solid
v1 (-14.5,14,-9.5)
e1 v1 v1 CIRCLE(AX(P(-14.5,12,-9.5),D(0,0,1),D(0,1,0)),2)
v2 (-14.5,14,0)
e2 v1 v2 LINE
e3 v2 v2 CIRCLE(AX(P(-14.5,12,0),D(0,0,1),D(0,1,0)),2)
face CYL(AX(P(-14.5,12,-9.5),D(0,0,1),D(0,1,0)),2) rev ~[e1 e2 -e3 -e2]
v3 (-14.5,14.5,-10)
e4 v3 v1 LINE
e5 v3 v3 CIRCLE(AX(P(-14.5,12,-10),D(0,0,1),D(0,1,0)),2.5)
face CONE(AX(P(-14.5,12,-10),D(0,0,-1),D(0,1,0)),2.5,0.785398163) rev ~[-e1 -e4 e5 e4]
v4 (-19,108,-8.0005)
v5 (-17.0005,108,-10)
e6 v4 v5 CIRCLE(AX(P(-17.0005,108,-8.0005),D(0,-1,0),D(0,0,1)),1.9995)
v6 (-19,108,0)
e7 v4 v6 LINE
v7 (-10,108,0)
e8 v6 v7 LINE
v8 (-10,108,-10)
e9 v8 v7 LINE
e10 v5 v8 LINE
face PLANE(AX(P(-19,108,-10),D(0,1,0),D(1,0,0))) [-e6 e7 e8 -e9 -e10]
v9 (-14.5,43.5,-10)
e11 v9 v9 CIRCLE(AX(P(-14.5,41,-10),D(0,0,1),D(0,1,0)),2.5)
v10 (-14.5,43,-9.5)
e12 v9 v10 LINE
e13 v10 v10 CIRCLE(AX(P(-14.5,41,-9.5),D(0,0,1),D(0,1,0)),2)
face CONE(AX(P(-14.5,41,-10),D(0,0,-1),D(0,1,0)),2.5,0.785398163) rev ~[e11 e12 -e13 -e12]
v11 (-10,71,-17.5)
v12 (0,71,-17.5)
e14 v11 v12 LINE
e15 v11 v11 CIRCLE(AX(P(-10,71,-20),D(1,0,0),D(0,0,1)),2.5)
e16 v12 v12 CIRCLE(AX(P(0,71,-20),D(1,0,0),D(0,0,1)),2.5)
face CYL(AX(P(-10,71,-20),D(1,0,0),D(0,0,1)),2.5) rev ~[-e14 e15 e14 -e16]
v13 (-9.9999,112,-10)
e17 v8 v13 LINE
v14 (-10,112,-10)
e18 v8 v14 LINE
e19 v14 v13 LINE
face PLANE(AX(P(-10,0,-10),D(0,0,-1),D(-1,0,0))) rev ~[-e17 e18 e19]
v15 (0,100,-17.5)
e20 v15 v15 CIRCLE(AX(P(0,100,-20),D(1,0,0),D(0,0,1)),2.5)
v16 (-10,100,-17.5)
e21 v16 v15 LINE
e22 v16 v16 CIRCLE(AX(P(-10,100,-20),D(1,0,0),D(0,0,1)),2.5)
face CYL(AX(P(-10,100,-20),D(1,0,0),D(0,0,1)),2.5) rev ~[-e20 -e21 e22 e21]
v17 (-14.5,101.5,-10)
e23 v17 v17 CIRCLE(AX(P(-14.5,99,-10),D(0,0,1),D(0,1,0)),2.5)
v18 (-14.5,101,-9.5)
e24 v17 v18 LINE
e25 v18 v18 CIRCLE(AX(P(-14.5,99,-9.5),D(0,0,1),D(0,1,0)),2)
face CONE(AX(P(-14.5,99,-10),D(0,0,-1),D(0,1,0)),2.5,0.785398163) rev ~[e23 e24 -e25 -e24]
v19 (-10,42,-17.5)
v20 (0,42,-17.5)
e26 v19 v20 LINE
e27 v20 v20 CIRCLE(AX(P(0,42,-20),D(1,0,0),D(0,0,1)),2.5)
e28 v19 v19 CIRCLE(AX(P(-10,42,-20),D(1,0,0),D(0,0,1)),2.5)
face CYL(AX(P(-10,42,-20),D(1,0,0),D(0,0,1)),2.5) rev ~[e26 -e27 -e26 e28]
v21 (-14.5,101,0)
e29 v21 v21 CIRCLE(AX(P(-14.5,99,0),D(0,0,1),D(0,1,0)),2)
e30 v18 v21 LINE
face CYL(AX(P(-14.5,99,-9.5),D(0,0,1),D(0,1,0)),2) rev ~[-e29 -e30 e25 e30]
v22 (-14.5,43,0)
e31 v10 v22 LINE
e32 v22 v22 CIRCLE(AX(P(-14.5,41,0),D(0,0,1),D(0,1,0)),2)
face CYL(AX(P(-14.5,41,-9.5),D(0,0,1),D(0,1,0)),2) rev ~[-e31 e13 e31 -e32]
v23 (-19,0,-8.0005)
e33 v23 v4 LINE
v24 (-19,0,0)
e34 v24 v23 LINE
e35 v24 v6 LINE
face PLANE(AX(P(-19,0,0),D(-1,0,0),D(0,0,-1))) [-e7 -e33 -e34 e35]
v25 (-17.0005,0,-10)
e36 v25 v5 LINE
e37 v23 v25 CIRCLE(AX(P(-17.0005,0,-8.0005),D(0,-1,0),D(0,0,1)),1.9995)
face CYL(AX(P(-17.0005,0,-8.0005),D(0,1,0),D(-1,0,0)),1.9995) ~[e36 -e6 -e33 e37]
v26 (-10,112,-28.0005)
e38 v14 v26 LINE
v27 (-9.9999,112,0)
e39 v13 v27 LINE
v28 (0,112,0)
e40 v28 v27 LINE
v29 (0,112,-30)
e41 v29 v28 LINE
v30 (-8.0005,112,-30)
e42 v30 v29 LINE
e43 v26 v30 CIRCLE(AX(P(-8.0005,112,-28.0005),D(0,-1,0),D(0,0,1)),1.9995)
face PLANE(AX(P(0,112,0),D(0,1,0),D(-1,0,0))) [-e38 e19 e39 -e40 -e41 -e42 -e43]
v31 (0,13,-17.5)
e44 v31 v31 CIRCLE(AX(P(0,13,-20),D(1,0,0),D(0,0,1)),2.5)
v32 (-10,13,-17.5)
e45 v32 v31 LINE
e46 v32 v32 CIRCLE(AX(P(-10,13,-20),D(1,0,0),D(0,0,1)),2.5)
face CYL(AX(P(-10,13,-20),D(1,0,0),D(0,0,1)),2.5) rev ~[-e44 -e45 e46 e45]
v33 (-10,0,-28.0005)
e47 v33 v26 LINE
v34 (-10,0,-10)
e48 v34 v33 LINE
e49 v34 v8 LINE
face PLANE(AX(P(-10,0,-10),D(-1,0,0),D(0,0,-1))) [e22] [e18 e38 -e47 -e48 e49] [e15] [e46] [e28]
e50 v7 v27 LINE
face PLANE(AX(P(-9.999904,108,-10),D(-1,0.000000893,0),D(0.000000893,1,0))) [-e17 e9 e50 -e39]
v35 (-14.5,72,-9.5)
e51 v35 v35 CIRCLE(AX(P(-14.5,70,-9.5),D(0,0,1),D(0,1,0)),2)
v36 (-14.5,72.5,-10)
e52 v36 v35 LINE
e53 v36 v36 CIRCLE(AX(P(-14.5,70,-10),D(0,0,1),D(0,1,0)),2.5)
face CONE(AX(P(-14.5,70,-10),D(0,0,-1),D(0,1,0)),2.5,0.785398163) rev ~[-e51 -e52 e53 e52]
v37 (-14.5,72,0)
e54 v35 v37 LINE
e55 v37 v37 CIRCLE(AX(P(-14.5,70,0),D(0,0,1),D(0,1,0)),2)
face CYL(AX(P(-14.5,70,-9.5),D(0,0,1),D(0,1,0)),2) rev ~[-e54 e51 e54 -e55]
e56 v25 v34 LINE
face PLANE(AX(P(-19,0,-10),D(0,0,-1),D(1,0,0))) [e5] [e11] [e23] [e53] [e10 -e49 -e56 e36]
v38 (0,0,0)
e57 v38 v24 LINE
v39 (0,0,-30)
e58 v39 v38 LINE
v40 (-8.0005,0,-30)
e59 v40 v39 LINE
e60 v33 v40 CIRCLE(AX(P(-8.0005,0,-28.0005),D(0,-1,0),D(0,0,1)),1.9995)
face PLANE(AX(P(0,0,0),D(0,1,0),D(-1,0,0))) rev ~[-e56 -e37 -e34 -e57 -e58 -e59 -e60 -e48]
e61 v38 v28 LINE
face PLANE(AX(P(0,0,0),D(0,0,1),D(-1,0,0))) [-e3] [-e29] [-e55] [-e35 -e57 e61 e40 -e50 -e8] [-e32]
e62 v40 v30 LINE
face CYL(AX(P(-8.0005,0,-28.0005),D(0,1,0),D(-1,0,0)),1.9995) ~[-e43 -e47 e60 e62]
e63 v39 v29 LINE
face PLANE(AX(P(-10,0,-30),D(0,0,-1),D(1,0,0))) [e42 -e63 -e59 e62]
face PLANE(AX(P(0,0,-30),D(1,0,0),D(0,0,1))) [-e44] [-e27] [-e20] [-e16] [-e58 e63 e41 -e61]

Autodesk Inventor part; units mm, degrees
ref_plane "YZ Plane" through (0, 0, 0) normal (1, 0, 0) x (0, 1, 0)
ref_plane "XZ Plane" through (0, 0, 0) normal (0, 1, 0) x (-1, 0, 0)
ref_plane "XY Plane" through (0, 0, 0) normal (0, 0, 1) x (1, 0, 0)
sketch "Skizze2" plane through (0, 0, 0) normal (0, 1, 0) x (-1, 0, 0)
  line L0 (0, 0) -> (19, 0)
  line L1 (19, 0) -> (19, -10)
  line L2 (19, -10) -> (10, -10)
  line L3 (10, -10) -> (10, -30)
  line L4 (10, -30) -> (0, -30)
  line L5 (0, -30) -> (0, 0)
  dimension "d6" = 10
  dimension "d7" = 20
  dimension "d8" = 10
  dimension "d9" = 9
extrude "Extrusion1" add sketch "Skizze2" along normal blind 112
sketch "Skizze3" plane through (-10, 0, -10) normal (0, 0, -1) x (-1, 0, 0)
  line L0 (0, 112) -> (9, 112) projected
  point P0 (-10, 0)
  point P1 (4.5, 99)
  point P2 (4.5, 70)
  point P3 (4.5, 41)
  point P4 (4.5, 12)
  point P5 (4.5, 112)
  point P6 (4.5, 112)
  dimension "d12" = 13
  dimension "d13" = 29
  dimension "d14" = 29
  dimension "d15" = 29
hole "Bohrung1" at (-14.5, 99, -10) at (-14.5, 70, -10) at (-14.5, 41, -10) at (-14.5, 12, -10) direction (0, 0, 1) diameter 4 depth 10 countersink diameter 5 countersink angle 90
sketch "Skizze4" plane through (-10, 0, -30) normal (-1, 0, 0) x (0, 0, 1)
  line L0 (0, 112) -> (20, 112) projected
  line L1 (0, 0) -> (20, 0) projected
  point P0 (30, 0)
  point P1 (10, 100)
  point P2 (10, 71)
  point P3 (10, 42)
  point P4 (10, 13)
  point P5 (10, 0)
  dimension "d30" = 12
  dimension "d31" = 29
  dimension "d32" = 29
  dimension "d33" = 29
hole "Bohrung2" at (-10, 100, -20) at (-10, 71, -20) at (-10, 42, -20) at (-10, 13, -20) direction (1, 0, 0) diameter 5 end through all
sketch "Skizze5" plane through (-10, 0, -10) normal (0, 0, -1) x (-1, 0, 0)
  line L0 (9, 112) -> (-0.0001, 112)
  line L1 (9, 112) -> (9, 108)
  line L2 (9, 0) -> (9, 112) projected
  line L3 (9, 108) -> (0, 108)
  line L4 (0, 0) -> (0, 112) projected
  line L5 (0, 112) -> (0, 108)
  point P0 (-10, 0)
  dimension "d40" = 4
extrude "Extrusion2" cut sketch "Skizze5" against normal up to surface (10 mm away)
fillet "Rundung1" radius 2 2 edges at (-10, 56, -30) (-19, 54, -10)
equation "\"d32\" = d31"
equation "\"d33\" = d32"
properties part number "1014_right"
